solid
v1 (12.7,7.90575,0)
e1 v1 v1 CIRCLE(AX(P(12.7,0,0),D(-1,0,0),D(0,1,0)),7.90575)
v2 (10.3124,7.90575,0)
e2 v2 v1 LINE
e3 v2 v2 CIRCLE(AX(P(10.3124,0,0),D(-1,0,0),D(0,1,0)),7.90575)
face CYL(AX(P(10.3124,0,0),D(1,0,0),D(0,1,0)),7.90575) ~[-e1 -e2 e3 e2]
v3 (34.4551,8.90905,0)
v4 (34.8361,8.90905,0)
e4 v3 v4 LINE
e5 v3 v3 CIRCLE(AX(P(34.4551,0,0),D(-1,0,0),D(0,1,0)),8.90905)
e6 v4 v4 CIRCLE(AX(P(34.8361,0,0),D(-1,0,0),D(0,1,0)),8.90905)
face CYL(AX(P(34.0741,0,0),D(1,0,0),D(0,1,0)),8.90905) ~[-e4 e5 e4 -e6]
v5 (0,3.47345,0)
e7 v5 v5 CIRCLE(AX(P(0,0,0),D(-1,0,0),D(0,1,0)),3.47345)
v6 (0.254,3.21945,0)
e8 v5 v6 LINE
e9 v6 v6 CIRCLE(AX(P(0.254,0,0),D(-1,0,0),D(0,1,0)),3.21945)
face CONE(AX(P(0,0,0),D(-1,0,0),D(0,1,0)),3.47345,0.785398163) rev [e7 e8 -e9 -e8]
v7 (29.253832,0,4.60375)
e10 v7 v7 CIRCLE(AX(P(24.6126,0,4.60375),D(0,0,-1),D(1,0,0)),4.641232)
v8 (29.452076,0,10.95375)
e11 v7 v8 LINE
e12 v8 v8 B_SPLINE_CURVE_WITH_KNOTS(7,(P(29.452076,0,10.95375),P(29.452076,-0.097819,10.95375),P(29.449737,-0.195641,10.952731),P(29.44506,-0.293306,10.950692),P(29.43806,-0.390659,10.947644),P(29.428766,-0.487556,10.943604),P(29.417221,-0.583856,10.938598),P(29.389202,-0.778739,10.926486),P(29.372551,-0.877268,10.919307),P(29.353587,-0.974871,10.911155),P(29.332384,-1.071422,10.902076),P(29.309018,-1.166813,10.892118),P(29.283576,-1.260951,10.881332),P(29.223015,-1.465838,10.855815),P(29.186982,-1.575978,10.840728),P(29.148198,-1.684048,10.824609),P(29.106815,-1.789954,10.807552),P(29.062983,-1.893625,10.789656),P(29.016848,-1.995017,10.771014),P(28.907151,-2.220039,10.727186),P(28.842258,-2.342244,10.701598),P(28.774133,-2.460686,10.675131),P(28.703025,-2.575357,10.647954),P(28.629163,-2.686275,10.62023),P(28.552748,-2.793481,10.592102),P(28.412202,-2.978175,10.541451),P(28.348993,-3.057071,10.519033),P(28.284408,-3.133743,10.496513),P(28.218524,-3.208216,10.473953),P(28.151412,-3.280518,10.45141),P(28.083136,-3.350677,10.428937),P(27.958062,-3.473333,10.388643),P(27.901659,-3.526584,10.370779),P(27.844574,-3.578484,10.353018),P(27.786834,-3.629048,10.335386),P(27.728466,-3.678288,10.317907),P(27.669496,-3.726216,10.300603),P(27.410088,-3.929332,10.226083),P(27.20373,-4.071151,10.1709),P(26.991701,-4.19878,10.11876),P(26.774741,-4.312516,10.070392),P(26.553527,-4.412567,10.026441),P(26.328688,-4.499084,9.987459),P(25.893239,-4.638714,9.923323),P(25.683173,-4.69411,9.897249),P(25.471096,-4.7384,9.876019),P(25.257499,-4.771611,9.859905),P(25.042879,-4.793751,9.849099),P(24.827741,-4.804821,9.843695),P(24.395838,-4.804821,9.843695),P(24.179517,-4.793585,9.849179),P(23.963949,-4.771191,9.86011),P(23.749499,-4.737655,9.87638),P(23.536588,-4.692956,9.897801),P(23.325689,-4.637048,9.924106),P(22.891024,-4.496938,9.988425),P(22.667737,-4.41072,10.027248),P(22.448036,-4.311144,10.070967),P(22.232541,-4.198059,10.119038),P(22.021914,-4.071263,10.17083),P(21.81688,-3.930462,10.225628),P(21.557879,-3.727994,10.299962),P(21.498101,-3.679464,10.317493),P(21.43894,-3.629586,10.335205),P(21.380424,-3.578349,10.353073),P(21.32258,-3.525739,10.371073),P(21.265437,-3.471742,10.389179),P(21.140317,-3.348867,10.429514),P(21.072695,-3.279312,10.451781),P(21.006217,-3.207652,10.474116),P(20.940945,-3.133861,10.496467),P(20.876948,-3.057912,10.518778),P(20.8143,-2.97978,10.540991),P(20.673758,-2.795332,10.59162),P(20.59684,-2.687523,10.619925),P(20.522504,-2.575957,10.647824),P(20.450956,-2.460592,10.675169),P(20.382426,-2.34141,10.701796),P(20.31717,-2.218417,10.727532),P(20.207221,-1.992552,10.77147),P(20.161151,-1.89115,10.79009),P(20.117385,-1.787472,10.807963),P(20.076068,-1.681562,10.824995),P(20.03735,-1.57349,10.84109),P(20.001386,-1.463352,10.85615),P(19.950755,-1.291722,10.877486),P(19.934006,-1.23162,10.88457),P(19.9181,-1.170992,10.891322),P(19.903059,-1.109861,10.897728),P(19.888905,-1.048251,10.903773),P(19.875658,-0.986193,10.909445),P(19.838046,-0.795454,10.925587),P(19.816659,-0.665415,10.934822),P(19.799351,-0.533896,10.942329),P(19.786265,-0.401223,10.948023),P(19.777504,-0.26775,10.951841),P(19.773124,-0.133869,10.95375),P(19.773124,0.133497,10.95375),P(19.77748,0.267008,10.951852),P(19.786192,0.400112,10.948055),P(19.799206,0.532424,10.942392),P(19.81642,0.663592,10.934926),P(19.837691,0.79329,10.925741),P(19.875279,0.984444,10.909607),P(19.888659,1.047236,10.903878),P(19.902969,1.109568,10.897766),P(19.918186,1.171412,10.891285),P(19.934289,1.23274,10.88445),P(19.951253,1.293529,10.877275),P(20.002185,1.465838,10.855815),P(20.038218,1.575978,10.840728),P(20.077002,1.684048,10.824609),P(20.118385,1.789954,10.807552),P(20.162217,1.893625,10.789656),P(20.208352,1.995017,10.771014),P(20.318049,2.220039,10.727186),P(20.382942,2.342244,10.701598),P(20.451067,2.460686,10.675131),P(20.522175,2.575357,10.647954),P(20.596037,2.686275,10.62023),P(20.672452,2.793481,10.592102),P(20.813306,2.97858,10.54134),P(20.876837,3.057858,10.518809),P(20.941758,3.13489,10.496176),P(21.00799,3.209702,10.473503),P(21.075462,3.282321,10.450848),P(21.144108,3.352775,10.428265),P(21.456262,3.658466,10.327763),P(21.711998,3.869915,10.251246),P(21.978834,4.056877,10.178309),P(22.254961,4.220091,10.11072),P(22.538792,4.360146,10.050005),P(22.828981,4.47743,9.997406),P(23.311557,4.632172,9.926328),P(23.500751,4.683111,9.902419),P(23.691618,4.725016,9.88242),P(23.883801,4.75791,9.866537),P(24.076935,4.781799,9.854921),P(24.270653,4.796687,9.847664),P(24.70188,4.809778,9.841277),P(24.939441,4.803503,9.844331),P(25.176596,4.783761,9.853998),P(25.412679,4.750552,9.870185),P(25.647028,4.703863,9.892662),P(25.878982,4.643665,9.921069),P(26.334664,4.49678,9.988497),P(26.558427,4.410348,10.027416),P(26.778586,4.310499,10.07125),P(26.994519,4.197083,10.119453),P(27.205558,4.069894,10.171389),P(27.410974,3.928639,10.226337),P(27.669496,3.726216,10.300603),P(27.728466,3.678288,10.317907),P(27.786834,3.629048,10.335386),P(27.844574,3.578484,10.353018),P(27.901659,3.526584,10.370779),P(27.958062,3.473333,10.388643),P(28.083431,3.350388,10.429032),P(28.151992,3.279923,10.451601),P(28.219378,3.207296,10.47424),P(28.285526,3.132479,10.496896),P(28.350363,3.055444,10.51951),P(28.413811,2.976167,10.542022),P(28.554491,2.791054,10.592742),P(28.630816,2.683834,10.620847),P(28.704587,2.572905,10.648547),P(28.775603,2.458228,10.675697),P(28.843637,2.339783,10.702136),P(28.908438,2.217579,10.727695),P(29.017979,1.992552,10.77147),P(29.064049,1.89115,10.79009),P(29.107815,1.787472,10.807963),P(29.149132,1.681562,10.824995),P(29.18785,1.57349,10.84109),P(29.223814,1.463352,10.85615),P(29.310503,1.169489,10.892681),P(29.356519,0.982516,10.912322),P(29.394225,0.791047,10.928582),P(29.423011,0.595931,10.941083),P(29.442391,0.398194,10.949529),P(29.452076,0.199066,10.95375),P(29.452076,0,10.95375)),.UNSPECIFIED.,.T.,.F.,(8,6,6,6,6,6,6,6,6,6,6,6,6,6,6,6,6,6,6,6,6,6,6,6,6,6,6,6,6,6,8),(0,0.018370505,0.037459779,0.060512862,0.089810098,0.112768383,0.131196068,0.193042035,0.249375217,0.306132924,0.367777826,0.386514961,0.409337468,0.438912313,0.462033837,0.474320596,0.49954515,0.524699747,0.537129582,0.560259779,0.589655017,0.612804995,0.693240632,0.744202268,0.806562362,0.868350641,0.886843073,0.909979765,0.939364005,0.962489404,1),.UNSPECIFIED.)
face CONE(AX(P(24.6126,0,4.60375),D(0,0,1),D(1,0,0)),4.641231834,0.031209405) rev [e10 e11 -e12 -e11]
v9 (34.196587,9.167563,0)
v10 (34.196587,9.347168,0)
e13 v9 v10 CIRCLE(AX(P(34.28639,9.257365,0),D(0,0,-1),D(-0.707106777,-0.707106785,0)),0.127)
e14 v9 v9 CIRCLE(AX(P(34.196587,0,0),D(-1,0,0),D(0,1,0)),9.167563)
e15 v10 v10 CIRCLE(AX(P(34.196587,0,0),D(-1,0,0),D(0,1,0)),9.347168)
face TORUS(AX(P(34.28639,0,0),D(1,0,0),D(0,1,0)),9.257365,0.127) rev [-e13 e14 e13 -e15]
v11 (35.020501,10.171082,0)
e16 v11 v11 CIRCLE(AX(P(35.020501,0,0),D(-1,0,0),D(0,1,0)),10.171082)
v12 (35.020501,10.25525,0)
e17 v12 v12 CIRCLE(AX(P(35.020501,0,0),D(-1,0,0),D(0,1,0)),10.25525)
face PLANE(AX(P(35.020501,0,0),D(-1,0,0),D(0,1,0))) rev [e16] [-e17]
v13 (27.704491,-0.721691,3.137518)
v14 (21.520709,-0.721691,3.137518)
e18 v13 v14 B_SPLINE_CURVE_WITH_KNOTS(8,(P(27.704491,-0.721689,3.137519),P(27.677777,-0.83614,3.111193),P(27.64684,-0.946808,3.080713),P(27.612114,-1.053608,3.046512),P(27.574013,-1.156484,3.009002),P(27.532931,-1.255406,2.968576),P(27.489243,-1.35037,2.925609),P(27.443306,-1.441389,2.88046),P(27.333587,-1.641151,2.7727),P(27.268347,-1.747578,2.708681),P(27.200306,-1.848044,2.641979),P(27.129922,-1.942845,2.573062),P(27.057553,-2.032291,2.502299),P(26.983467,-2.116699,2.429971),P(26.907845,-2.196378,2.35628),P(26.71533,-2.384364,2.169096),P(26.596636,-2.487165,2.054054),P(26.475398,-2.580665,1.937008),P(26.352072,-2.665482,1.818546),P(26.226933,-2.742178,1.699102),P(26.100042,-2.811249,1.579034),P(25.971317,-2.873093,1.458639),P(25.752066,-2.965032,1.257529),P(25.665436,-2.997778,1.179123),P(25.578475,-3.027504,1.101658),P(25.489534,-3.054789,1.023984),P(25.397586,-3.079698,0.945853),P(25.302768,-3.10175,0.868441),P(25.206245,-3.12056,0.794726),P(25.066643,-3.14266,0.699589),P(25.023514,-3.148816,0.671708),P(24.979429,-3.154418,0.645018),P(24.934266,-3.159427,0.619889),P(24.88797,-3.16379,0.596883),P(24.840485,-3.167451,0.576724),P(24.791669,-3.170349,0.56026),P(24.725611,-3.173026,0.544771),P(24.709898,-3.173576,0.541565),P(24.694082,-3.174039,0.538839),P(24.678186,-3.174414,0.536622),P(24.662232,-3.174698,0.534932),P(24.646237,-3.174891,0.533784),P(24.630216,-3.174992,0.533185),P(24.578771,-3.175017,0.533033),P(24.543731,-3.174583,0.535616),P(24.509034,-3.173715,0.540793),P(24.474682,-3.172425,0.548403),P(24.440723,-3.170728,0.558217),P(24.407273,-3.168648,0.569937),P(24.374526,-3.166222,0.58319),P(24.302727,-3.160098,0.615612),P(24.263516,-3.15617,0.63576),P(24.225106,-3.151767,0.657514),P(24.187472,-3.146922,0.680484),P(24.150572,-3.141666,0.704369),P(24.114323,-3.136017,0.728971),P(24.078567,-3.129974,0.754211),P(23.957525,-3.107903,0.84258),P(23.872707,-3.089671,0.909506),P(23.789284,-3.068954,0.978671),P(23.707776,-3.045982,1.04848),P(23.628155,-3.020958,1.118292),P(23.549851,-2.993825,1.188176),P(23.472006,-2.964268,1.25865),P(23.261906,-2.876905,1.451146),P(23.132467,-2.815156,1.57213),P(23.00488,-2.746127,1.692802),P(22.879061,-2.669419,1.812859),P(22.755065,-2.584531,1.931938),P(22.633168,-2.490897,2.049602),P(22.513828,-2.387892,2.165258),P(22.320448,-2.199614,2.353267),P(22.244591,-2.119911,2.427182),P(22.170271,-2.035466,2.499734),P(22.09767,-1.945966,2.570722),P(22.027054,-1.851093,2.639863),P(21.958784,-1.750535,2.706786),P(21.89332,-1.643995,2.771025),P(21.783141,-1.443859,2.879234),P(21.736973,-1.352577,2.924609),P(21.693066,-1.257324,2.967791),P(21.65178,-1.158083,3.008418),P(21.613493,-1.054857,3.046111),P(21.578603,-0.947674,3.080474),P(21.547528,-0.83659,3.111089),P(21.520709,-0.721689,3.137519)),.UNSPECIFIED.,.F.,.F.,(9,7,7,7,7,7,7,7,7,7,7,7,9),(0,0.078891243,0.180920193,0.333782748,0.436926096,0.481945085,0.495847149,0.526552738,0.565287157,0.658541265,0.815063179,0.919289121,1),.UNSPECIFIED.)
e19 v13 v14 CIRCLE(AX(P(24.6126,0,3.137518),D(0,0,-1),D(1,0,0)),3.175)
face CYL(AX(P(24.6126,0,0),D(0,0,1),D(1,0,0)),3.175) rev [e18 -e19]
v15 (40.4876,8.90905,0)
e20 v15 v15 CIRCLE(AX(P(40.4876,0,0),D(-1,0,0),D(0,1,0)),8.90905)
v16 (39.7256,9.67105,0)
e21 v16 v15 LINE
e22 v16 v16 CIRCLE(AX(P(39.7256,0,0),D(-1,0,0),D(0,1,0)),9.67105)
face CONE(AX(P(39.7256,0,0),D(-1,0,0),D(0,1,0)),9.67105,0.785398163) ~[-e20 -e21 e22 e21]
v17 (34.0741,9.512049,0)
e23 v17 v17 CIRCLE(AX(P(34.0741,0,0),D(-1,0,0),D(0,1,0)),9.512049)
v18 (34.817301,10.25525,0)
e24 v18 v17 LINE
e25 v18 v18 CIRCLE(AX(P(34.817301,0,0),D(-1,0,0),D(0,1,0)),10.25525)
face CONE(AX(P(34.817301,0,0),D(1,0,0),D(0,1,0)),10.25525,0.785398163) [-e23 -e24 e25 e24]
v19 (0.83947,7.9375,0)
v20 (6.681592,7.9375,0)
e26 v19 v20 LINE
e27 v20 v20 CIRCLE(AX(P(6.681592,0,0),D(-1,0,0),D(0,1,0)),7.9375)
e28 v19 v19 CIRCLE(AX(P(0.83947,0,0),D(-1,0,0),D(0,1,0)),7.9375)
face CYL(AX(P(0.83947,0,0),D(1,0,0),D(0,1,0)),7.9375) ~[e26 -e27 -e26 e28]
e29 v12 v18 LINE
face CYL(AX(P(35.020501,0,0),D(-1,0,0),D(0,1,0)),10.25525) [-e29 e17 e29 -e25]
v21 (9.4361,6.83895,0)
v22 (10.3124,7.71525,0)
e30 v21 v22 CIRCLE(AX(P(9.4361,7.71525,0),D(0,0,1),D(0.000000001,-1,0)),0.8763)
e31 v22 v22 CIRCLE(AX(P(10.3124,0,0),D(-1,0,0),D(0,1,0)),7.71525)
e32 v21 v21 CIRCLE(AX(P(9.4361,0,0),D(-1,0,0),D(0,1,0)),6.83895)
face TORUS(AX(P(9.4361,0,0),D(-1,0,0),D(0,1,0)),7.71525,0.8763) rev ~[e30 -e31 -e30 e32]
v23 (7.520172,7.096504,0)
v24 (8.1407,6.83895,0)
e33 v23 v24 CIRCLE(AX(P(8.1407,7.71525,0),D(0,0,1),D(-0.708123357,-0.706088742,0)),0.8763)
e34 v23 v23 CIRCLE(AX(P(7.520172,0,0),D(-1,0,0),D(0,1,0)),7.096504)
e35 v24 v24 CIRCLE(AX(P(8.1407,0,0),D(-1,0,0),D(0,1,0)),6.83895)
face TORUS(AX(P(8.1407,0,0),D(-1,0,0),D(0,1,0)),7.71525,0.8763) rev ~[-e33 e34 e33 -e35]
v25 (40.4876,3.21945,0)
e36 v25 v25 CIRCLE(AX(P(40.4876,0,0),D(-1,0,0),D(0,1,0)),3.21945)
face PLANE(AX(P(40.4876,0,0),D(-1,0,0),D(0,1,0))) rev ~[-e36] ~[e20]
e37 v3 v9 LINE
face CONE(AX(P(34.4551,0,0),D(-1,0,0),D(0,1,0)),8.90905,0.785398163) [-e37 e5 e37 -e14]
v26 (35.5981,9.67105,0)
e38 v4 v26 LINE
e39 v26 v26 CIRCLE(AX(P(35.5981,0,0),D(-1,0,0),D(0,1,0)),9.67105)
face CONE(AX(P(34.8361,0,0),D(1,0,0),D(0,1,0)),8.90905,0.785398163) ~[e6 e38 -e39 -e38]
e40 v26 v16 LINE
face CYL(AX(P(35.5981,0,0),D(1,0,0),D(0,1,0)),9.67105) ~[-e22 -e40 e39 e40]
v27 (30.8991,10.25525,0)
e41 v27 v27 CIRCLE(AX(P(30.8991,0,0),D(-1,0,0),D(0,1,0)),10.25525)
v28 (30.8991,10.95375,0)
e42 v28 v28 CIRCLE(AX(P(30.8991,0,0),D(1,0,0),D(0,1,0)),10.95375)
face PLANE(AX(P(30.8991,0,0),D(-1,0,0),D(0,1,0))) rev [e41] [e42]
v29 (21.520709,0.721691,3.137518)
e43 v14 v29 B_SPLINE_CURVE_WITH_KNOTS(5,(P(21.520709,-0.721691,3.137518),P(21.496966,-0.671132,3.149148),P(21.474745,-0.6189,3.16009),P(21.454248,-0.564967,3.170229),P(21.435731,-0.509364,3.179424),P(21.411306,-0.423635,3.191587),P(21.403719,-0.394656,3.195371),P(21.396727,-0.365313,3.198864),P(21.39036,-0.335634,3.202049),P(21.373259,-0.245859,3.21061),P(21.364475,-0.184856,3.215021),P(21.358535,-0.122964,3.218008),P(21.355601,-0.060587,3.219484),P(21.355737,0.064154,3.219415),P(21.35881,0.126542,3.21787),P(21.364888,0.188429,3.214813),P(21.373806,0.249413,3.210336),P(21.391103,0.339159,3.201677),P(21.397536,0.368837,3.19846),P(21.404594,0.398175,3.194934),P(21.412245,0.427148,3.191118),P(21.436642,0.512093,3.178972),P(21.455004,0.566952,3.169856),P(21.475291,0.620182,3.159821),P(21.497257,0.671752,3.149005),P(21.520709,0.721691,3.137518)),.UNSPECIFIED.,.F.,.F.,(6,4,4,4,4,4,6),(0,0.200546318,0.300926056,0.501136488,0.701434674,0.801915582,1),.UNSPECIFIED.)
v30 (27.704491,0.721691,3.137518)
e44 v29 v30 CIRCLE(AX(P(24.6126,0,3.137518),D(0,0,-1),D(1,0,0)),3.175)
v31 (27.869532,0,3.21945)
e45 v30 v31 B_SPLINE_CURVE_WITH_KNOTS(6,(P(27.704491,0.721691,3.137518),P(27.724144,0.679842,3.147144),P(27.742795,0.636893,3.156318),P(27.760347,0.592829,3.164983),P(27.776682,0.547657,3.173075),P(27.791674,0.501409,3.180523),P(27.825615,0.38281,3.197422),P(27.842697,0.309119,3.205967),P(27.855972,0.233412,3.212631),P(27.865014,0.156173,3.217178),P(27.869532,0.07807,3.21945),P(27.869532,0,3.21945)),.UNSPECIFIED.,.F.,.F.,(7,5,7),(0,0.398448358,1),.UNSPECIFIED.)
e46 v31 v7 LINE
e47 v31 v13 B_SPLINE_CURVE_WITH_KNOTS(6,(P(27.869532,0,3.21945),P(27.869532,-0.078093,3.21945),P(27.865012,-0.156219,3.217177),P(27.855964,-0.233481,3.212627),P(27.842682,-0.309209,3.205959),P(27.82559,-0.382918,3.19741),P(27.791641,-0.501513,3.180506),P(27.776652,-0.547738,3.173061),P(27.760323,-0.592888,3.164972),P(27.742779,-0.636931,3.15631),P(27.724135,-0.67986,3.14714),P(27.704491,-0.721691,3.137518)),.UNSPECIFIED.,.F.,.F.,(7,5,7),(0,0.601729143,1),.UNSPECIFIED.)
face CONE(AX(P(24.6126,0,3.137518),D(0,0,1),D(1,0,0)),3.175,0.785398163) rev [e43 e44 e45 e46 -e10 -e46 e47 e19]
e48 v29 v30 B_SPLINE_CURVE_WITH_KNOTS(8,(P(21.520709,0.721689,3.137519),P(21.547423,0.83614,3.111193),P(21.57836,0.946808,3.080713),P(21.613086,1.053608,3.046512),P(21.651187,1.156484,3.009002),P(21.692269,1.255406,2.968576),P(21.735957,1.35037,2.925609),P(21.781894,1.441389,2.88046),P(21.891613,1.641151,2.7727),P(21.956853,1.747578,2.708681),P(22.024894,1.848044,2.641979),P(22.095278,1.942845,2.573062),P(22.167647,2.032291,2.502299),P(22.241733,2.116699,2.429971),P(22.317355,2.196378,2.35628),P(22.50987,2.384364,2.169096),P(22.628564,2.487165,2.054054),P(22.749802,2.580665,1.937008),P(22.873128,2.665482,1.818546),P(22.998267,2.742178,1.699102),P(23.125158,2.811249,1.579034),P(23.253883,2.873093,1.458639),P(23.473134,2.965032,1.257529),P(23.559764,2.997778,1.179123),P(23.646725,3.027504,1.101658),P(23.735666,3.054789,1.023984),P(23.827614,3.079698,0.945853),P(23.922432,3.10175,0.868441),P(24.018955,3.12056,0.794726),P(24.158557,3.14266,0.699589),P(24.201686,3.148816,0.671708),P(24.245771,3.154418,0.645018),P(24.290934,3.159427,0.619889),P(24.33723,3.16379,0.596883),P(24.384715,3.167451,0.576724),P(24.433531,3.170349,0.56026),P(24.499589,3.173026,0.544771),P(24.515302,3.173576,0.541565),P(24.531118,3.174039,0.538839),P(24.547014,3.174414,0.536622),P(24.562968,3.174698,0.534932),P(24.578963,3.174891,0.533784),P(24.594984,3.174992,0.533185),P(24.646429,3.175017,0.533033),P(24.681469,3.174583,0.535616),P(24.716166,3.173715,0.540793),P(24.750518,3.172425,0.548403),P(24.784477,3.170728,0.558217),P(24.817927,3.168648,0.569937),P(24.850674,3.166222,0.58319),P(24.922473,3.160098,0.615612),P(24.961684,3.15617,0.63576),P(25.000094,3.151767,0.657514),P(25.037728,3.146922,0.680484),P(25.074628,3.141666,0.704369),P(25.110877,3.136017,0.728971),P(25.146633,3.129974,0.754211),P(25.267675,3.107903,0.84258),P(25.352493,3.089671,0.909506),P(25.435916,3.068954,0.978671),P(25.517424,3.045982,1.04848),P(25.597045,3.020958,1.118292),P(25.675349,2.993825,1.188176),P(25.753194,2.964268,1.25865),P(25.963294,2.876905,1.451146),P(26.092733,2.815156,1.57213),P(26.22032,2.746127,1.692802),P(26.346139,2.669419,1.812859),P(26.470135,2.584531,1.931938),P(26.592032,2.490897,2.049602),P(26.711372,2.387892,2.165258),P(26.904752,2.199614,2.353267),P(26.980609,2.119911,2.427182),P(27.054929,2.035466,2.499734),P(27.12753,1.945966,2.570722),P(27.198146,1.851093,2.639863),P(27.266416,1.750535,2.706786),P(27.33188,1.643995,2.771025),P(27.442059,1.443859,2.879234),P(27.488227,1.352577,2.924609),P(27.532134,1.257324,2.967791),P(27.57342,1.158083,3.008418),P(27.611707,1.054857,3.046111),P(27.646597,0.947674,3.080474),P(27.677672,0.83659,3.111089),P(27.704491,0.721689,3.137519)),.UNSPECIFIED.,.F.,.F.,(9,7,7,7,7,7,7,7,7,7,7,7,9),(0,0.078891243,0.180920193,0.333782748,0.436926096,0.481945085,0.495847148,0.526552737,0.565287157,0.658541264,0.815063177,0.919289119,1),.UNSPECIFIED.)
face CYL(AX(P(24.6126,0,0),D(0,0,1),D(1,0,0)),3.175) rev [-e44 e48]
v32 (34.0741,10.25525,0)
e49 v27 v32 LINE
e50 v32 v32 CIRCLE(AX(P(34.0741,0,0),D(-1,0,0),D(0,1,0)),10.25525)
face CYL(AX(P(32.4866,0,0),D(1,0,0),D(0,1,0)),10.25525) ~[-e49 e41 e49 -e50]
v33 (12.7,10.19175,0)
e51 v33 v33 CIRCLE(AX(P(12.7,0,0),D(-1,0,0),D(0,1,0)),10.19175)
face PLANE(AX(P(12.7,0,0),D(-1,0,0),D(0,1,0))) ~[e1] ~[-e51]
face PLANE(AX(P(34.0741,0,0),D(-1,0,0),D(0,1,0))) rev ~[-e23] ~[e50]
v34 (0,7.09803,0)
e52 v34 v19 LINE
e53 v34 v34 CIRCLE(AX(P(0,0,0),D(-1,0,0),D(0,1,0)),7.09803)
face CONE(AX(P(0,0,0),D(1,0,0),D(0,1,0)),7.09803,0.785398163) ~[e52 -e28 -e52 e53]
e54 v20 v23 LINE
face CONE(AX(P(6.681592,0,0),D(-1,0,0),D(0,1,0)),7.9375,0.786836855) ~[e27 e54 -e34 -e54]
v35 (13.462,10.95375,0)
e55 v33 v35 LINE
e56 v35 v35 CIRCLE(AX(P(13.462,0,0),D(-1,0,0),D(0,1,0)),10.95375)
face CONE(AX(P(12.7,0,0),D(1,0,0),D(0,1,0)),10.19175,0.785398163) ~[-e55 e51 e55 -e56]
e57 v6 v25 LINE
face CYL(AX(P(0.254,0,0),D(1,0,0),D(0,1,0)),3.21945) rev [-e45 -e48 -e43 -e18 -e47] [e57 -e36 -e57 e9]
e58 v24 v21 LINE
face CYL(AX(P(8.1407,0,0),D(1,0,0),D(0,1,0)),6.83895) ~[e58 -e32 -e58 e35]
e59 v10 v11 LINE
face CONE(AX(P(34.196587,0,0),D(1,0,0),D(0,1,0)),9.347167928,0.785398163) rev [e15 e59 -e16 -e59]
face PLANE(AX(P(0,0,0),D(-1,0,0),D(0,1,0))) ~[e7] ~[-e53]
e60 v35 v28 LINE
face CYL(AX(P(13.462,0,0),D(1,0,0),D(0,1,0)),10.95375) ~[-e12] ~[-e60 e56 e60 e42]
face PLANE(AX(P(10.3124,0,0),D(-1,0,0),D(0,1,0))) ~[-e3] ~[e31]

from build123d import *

# Parameters (mm, degrees)
SKETCH4_W = 3.175
SKETCH4_H = 5.08


with BuildPart() as part:
    # Sketch1 → Revolve1 (revolve)
    with BuildSketch(Plane.XY):
        with BuildLine():
            Line((0, 0), (0, 7.09803))
            Line((0, 7.09803), (0.83947, 7.9375))
            Line((0.83947, 7.9375), (6.681592328, 7.9375))
            Line((6.681592328, 7.9375), (7.520171502, 7.096504435))
            ThreePointArc((7.520171502, 7.096504435), (7.804772216, 6.905895804), (8.1407, 6.83895))
            Line((8.1407, 6.83895), (9.4361, 6.83895))
            ThreePointArc((9.4361, 6.83895), (10.055737672, 7.095612328), (10.3124, 7.71525))
            Line((10.3124, 7.71525), (10.3124, 7.90575))
            Line((10.3124, 7.90575), (12.7, 7.90575))
            Line((12.7, 7.90575), (12.7, 0))
            Line((12.7, 0), (0, 0))
        make_face()
    revolve(axis=Axis((12.7, 0, 0), (-1, 0, 0)))

    # Sketch2 → Revolve2 (revolve)
    with BuildSketch(Plane.XY):
        Polygon((12.7, 0), (12.7, 10.19175), (13.462, 10.95375), (34.0741, 10.95375), (34.0741, 8.90905), (34.8361, 8.90905), (35.5981, 9.67105), (39.7256, 9.67105), (40.4876, 8.90905), (40.4876, 0), align=None)
    revolve(axis=Axis((40.4876, 0, 0), (-1, 0, 0)))

    # Sketch3 → Cut-Revolve1 (revolve, cut)
    with BuildSketch(Plane.XY):
        Polygon((0, 0), (0, 3.47345), (0.254, 3.21945), (40.4876, 3.21945), (40.4876, 0), align=None)
    revolve(axis=Axis((40.4876, 0, 0), (-1, 0, 0)), mode=Mode.SUBTRACT)

    # Sketch4 → Cut-Revolve2 (revolve, cut)
    with BuildSketch(Plane.XY):
        with Locations((32.4866, 12.79525)):
            Rectangle(SKETCH4_W, SKETCH4_H)
    revolve(axis=Axis((34.0741, 0, 0), (-1, 0, 0)), mode=Mode.SUBTRACT)

    # Sketch5 → Cut-Revolve3 (revolve, cut)
    with BuildSketch(Plane(origin=(0, 0, 0), x_dir=(1, 0, 0), z_dir=(0, 1, 0))):
        Polygon((24.6126, 0), (27.7876, 0), (27.7876, -3.137518166), (29.253831834, -4.60375), (29.452075925, -10.95375), (24.6126, -10.95375), align=None)
    revolve(axis=Axis((24.6126, 0, 10.95375), (0, 0, -1)), mode=Mode.SUBTRACT)

    # Sketch6 → Revolve3 (revolve)
    with BuildSketch(Plane.XY):
        with BuildLine():
            Line((34.0741, 9.51204893), (34.0741, 8.65505))
            Line((34.0741, 8.65505), (34.8361, 8.65505))
            Line((34.8361, 8.65505), (34.8361, 8.90905))
            Line((34.8361, 8.90905), (34.4551, 8.90905))
            Line((34.4551, 8.90905), (34.196587194, 9.167562806))
            ThreePointArc((34.196587194, 9.167562806), (34.159389755, 9.257365367), (34.196587194, 9.347167928))
            Line((34.196587194, 9.347167928), (35.02050107, 10.171081804))
            Line((35.02050107, 10.171081804), (35.02050107, 10.25525))
            Line((35.02050107, 10.25525), (34.81730107, 10.25525))
            Line((34.81730107, 10.25525), (34.0741, 9.51204893))
        make_face()
    revolve(axis=Axis((34.8361, 0, 0), (-1, 0, 0)))


solid = part.part
